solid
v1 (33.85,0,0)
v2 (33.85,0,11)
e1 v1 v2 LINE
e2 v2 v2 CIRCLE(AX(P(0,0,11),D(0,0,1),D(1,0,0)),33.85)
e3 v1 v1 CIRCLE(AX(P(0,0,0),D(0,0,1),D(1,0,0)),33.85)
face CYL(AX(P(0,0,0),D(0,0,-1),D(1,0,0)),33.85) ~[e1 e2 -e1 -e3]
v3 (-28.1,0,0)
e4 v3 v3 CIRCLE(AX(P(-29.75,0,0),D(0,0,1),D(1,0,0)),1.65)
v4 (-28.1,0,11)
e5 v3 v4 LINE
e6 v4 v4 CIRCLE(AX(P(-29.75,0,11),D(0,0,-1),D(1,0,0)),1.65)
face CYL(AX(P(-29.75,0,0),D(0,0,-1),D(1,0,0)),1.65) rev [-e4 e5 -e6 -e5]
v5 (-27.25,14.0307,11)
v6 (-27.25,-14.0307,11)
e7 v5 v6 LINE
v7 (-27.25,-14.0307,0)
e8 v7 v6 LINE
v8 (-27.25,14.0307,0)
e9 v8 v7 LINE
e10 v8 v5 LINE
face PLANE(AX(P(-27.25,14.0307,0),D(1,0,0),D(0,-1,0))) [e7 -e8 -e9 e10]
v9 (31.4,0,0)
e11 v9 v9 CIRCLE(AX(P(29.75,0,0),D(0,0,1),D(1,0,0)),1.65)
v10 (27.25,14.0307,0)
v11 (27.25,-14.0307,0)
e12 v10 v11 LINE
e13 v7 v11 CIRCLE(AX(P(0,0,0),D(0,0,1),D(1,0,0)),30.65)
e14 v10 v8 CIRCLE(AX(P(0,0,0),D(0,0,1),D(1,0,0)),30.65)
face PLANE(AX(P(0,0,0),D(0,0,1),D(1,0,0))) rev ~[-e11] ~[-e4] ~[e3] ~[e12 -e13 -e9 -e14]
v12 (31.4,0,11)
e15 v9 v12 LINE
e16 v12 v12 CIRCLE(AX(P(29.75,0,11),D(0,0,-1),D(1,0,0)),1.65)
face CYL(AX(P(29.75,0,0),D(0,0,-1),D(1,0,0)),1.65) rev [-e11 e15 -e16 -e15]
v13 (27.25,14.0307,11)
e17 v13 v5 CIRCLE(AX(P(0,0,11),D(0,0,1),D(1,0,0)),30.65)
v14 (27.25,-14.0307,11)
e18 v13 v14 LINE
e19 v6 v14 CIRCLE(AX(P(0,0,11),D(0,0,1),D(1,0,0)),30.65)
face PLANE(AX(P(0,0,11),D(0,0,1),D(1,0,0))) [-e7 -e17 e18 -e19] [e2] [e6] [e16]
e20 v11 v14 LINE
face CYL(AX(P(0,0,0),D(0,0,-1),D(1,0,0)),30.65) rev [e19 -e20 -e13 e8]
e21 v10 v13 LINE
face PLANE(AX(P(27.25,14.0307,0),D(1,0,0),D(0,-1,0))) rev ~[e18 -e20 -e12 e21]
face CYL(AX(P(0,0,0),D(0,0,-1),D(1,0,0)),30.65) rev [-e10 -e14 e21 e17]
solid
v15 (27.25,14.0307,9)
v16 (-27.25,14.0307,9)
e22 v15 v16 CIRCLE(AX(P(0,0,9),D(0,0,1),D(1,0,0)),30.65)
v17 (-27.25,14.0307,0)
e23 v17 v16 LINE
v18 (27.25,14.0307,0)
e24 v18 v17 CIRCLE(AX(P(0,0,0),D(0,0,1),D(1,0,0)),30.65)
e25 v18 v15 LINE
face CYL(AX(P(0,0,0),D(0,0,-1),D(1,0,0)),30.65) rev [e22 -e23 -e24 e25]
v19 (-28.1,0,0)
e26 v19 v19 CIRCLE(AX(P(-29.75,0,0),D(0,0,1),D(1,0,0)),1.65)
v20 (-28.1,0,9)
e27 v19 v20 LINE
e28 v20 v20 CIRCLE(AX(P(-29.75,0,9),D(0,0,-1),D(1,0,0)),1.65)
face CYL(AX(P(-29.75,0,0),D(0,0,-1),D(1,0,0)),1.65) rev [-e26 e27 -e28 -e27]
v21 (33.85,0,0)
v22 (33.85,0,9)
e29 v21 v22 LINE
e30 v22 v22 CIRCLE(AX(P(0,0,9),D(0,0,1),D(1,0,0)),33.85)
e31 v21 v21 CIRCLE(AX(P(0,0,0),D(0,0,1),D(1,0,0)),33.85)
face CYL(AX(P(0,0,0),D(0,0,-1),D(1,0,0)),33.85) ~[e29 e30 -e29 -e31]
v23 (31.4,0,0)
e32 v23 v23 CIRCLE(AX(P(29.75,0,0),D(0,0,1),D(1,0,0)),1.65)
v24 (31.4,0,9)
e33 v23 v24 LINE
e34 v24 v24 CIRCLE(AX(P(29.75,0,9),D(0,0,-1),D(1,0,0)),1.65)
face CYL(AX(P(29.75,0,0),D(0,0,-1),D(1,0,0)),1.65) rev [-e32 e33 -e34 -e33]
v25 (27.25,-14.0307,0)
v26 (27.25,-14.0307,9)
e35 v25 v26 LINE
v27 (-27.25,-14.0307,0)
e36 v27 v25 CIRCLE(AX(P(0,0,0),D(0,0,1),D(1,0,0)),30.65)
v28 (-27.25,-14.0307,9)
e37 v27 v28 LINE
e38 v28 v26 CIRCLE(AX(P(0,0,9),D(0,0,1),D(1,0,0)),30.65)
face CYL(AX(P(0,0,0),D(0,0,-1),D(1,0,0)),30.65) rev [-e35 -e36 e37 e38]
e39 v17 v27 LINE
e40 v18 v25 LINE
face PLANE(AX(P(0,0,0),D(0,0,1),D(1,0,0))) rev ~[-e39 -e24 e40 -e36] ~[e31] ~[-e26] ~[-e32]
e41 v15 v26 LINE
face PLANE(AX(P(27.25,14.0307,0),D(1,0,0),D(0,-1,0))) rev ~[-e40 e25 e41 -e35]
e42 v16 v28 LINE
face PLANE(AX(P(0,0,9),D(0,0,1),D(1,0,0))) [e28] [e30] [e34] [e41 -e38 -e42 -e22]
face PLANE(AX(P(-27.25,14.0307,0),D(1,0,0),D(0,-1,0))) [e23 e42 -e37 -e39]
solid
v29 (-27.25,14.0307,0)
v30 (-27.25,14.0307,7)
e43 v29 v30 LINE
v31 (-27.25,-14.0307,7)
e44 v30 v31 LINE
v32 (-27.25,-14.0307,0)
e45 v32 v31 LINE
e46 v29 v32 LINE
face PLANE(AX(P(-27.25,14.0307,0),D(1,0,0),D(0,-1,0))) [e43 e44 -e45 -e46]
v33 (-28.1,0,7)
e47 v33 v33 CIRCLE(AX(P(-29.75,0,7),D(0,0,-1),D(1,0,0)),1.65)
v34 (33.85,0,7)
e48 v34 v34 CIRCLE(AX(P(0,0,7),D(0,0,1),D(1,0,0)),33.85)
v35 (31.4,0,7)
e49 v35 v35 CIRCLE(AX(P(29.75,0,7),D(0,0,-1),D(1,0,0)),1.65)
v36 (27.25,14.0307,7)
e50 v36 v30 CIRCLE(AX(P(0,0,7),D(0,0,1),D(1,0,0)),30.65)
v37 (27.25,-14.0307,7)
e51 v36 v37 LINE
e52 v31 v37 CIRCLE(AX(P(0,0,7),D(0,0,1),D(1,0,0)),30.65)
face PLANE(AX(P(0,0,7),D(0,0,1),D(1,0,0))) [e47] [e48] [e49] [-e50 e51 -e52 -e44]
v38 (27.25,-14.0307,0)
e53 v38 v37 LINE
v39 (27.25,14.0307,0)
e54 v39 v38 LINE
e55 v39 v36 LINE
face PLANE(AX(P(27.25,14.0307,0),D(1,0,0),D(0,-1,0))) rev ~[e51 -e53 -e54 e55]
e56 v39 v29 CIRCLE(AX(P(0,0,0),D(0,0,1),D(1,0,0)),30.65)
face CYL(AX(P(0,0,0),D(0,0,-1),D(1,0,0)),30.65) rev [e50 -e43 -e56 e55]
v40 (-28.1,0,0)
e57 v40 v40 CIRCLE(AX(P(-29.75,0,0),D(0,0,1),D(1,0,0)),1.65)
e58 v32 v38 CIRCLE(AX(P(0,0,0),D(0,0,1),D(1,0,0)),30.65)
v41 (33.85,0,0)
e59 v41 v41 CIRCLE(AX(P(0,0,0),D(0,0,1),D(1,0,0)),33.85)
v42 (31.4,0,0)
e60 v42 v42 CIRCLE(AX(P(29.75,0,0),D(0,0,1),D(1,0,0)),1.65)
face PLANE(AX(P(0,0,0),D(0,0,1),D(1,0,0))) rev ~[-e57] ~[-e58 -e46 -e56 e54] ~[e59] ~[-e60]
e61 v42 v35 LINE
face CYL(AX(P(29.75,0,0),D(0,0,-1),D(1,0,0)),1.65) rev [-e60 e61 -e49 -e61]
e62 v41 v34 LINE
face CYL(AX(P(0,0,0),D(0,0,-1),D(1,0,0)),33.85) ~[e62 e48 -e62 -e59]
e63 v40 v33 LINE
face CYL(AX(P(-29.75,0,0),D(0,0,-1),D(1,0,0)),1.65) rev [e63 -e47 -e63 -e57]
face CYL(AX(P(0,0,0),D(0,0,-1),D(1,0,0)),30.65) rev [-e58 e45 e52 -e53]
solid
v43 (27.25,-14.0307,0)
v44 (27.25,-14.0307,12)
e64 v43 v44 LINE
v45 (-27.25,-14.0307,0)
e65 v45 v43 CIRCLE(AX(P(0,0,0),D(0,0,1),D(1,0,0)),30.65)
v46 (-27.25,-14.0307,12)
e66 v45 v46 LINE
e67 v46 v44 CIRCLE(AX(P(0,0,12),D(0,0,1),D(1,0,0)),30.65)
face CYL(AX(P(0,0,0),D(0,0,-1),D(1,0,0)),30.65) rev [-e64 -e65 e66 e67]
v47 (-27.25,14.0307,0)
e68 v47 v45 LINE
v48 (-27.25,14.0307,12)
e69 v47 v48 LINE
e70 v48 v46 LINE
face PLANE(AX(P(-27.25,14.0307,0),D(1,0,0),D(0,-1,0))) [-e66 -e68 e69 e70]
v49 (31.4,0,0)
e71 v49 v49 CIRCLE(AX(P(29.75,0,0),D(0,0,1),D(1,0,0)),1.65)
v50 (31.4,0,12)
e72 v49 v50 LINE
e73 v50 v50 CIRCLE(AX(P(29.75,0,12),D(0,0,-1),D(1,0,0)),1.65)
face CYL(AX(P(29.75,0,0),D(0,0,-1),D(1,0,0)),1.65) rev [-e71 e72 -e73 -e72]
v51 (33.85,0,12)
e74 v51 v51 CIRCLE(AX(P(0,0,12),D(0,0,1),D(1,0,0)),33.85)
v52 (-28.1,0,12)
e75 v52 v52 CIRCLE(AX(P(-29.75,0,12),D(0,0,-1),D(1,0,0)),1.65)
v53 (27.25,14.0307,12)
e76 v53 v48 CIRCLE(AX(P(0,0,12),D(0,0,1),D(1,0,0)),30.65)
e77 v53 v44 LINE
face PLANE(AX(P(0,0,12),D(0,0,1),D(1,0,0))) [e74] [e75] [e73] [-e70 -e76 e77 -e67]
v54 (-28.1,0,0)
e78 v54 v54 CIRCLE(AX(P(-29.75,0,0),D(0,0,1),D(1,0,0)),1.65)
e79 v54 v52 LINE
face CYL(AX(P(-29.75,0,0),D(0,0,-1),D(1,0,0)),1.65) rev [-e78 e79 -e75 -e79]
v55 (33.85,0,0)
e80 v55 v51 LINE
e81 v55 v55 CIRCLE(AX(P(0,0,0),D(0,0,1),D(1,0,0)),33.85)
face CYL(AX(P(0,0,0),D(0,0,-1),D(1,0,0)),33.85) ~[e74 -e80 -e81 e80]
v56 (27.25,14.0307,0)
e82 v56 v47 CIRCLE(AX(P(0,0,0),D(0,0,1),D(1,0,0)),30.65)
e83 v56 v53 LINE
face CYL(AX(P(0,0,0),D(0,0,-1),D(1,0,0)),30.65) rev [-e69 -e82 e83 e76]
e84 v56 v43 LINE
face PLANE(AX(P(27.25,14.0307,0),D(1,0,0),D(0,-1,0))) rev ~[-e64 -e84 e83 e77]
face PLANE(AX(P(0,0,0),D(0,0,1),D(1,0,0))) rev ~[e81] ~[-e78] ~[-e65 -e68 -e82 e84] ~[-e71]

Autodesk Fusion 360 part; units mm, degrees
sketch "Base" plane through (0, 0, 0) normal (0, 0, 1) x (1, 0, 0) in component "Spacer (7mm)"
  circle A0 centre (0, 0) radius 33.85
  circle A1 centre (0, 0) radius 30.65
  circle A2 centre (-29.75, 0) radius 1.65
  circle A3 centre (29.75, 0) radius 1.65
  line L0 (-27.25, 14.0307) -> (-27.25, -14.0307)
  line L1 (27.25, 14.0307) -> (27.25, -14.0307)
  dimension "d1" = 67.7
  dimension "d2" = 61.3
  dimension "d3" = 3.3
  dimension "d4" = 29.75
  dimension "d5" = 3.3
  dimension "d6" = 29.75
  dimension "d7" = 27.25
  dimension "d8" = 27.25
extrude "Extrude1" add sketch "Base" along normal blind 7 contours A0 | A1 A3 L1 | A1 A2 L0 makes body 1 in component "Spacer (7mm)"
sketch "Base (2)" plane through (0, 0, 0) normal (0, 0, 1) x (1, 0, 0) in component "Spacer (9mm)"
  circle A0 centre (0, 0) radius 33.85
  circle A1 centre (0, 0) radius 30.65
  circle A2 centre (-29.75, 0) radius 1.65
  circle A3 centre (29.75, 0) radius 1.65
  line L0 (-27.25, 14.0307) -> (-27.25, -14.0307)
  line L1 (27.25, 14.0307) -> (27.25, -14.0307)
  dimension "d1_1" = 67.7
  dimension "d2_1" = 61.3
  dimension "d3_1" = 3.3
  dimension "d4_1" = 29.75
  dimension "d5_1" = 3.3
  dimension "d6_1" = 29.75
  dimension "d7_1" = 27.25
  dimension "d8_1" = 27.25
extrude "Extrude1'" add sketch "Base (2)" along normal blind 9 separate body contours A0 | A1 A3 L1 | A1 A2 L0 makes body 2 in component "Spacer (9mm)"
sketch "Base (3)" plane through (0, 0, 0) normal (0, 0, 1) x (1, 0, 0) in component "Spacer (11mm)"
  circle A0 centre (0, 0) radius 33.85
  circle A1 centre (0, 0) radius 30.65
  circle A2 centre (-29.75, 0) radius 1.65
  circle A3 centre (29.75, 0) radius 1.65
  line L0 (-27.25, 14.0307) -> (-27.25, -14.0307)
  line L1 (27.25, 14.0307) -> (27.25, -14.0307)
  dimension "d1_1_1" = 67.7
  dimension "d2_1_1" = 61.3
  dimension "d3_1_1" = 3.3
  dimension "d4_1_1" = 29.75
  dimension "d5_1_1" = 3.3
  dimension "d6_1_1" = 29.75
  dimension "d7_1_1" = 27.25
  dimension "d8_1_1" = 27.25
extrude "Extrude1''" add sketch "Base (3)" along normal blind 11 separate body contours A0 | A1 A3 L1 | A1 A2 L0 makes body 3 in component "Spacer (11mm)"
sketch "Base (4)" plane through (0, 0, 0) normal (0, 0, 1) x (1, 0, 0) in component "Spacer (12mm)"
  circle A0 centre (0, 0) radius 33.85
  circle A1 centre (0, 0) radius 30.65
  circle A2 centre (-29.75, 0) radius 1.65
  circle A3 centre (29.75, 0) radius 1.65
  line L0 (-27.25, 14.0307) -> (-27.25, -14.0307)
  line L1 (27.25, 14.0307) -> (27.25, -14.0307)
  dimension "d1_1_1_1" = 67.7
  dimension "d2_1_1_1" = 61.3
  dimension "d3_1_1_1" = 3.3
  dimension "d4_1_1_1" = 29.75
  dimension "d5_1_1_1" = 3.3
  dimension "d6_1_1_1" = 29.75
  dimension "d7_1_1_1" = 27.25
  dimension "d8_1_1_1" = 27.25
extrude "Extrude1'''" add sketch "Base (4)" along normal blind 12 separate body contours A0 | A1 A3 L1 | A1 A2 L0 makes body 4 in component "Spacer (12mm)"
component "Electrical Box Spacers" placed x (1, 0, 0) y (0, 1, 0) z (0, 0, 1) at (0, 0, 0)
component "Spacer (7mm)" placed x (1, 0, 0) y (0, 1, 0) z (0, 0, 1) at (0, 0, 0) in component "Electrical Box Spacers"
component "Spacer (9mm)" placed x (1, 0, 0) y (0, 1, 0) z (0, 0, 1) at (0, 0, 0) in component "Electrical Box Spacers"
component "Spacer (11mm)" placed x (1, 0, 0) y (0, 1, 0) z (0, 0, 1) at (0, 0, 0) in component "Electrical Box Spacers"
component "Spacer (12mm)" placed x (1, 0, 0) y (0, 1, 0) z (0, 0, 1) at (0, 0, 0) in component "Electrical Box Spacers"
